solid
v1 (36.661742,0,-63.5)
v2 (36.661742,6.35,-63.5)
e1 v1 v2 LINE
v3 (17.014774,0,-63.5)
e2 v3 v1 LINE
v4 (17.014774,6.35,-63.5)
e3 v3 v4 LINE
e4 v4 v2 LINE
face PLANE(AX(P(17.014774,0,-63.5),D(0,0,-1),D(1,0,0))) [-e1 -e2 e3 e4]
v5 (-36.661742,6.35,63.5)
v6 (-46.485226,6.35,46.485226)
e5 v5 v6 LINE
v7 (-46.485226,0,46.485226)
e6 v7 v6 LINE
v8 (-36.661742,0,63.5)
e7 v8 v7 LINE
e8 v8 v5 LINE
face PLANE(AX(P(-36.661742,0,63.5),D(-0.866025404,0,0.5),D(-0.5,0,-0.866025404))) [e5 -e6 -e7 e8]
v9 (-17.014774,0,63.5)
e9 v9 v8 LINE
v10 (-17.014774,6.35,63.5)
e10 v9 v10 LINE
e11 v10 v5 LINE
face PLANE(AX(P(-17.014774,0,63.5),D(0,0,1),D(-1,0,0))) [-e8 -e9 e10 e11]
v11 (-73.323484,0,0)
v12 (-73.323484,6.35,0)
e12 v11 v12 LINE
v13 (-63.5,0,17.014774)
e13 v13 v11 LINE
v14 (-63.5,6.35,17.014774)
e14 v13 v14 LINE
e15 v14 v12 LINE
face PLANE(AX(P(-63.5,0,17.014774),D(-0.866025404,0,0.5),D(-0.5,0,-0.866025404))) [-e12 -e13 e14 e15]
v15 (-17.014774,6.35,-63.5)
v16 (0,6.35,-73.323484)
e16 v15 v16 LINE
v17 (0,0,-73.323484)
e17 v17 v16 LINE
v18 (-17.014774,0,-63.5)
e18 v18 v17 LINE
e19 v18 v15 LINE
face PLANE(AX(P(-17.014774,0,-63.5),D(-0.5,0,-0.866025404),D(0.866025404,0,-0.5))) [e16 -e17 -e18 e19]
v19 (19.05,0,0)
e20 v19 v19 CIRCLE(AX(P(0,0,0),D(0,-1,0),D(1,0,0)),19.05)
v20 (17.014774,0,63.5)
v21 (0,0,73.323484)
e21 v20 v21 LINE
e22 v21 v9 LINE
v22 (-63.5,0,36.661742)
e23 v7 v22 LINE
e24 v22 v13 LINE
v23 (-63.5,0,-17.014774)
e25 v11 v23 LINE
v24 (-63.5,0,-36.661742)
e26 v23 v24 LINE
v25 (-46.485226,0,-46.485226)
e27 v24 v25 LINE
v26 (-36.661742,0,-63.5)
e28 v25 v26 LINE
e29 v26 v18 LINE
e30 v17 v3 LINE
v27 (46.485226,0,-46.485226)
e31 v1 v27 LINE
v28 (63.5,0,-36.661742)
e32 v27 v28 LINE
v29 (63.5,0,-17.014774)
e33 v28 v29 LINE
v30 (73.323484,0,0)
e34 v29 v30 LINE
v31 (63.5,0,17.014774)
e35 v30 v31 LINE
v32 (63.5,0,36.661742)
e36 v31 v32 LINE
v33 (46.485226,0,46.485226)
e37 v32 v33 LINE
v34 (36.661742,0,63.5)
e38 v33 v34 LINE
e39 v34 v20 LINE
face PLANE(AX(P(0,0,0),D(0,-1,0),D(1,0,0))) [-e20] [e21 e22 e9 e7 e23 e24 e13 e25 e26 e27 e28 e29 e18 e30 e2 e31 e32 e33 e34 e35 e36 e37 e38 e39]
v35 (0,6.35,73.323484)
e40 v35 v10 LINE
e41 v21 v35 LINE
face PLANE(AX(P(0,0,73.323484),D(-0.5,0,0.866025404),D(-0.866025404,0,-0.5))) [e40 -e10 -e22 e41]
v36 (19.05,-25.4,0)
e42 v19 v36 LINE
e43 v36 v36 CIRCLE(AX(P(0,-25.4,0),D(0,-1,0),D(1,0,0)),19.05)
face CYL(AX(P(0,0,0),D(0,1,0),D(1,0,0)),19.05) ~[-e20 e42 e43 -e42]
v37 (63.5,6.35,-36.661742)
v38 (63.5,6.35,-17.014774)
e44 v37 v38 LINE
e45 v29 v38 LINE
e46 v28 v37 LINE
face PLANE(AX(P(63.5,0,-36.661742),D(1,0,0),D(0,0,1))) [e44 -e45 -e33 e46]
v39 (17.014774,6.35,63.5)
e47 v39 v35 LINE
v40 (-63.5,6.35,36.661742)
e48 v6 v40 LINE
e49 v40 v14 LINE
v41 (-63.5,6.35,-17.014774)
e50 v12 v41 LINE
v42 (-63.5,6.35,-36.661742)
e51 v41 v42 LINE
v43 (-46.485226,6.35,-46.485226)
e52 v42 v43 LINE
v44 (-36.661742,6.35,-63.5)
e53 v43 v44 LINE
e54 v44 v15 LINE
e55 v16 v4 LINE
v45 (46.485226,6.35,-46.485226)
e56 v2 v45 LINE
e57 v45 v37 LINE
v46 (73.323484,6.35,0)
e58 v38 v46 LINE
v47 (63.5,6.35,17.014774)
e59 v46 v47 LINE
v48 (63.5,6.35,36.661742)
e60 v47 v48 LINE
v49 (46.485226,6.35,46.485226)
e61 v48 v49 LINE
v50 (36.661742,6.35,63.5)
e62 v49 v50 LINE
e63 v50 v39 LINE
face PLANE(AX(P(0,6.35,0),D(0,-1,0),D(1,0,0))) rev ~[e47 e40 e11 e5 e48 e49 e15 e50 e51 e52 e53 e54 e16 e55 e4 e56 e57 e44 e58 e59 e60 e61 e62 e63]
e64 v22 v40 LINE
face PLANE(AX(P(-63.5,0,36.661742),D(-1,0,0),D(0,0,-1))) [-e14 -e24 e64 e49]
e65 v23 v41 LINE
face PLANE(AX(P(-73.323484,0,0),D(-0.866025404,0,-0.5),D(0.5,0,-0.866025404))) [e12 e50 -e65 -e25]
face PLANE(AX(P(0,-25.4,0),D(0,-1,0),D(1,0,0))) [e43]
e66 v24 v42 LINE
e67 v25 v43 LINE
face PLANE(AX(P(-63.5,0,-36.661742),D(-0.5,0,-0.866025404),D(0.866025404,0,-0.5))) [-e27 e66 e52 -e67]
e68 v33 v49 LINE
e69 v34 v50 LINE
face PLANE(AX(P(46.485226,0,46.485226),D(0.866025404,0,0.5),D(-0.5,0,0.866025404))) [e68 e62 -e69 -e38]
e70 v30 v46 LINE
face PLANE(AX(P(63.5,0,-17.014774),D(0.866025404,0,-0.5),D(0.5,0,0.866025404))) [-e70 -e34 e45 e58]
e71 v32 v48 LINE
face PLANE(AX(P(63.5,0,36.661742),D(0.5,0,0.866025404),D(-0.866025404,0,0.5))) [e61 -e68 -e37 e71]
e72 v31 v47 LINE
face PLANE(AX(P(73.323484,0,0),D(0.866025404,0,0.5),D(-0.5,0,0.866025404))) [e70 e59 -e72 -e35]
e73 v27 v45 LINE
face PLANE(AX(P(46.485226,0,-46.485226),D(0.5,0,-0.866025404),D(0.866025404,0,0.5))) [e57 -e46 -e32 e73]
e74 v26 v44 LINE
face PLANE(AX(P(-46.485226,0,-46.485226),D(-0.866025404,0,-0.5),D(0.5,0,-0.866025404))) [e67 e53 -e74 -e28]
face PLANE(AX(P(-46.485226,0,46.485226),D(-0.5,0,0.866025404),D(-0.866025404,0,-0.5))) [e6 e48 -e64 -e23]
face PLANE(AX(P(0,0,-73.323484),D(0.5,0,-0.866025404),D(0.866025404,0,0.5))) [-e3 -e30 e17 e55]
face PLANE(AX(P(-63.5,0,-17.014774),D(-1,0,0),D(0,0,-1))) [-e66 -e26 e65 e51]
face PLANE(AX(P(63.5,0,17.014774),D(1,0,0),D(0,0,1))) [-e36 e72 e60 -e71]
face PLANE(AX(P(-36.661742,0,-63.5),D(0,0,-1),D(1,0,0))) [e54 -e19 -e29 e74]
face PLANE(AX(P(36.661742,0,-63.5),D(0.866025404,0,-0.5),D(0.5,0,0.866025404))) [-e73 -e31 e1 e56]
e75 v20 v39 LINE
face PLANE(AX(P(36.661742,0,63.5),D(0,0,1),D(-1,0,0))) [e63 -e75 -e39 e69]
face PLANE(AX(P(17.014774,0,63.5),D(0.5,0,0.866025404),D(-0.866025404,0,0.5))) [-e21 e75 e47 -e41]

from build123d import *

# Parameters (mm, degrees)
F0_R     = 19.05
F1_DEPTH = 6.35
F2_DEPTH = 25.4


with BuildPart() as f1:
    # F0 (on Front) → F1 (new body)
    with BuildSketch(Plane.XZ):
        Polygon((17.0147737194, 63.5), (-17.0147737194, 63.5), (-46.4852262806, 46.4852262806), (-63.5, 17.0147737194), (-63.5, -17.0147737194), (-46.4852262806, -46.4852262806), (-17.0147737194, -63.5), (17.0147737194, -63.5), (46.4852262806, -46.4852262806), (63.5, -17.0147737194), (63.5, 17.0147737194), (46.4852262806, 46.4852262806), align=None)
        Circle(F0_R, mode=Mode.SUBTRACT)
        Circle(F0_R)
        Polygon((36.6617420935, 63.5), (17.0147737194, 63.5), (46.4852262806, 46.4852262806), align=None)
        Polygon((36.6617420935, -63.5), (46.4852262806, -46.4852262806), (17.0147737194, -63.5), align=None)
        Polygon((63.5, -36.6617420935), (63.5, -17.0147737194), (46.4852262806, -46.4852262806), align=None)
        Polygon((-17.0147737194, 63.5), (-36.6617420935, 63.5), (-46.4852262806, 46.4852262806), align=None)
        Polygon((73.3234841871, 0), (63.5, 17.0147737194), (63.5, -17.0147737194), align=None)
        Polygon((63.5, 36.6617420935), (46.4852262806, 46.4852262806), (63.5, 17.0147737194), align=None)
        Polygon((17.0147737194, -63.5), (-17.0147737194, -63.5), (0, -73.3234841871), align=None)
        Polygon((-17.0147737194, -63.5), (-46.4852262806, -46.4852262806), (-36.6617420935, -63.5), align=None)
        Polygon((-46.4852262806, -46.4852262806), (-63.5, -17.0147737194), (-63.5, -36.6617420935), align=None)
        Polygon((-63.5, -17.0147737194), (-63.5, 17.0147737194), (-73.3234841871, 0), align=None)
        Polygon((-63.5, 17.0147737194), (-46.4852262806, 46.4852262806), (-63.5, 36.6617420935), align=None)
        Polygon((0, 73.3234841871), (-17.0147737194, 63.5), (17.0147737194, 63.5), align=None)
    extrude(amount=-F1_DEPTH)

    # F0 (on Front) → F2 (join)
    with BuildSketch(Plane.XZ):
        Circle(F0_R)
    extrude(amount=F2_DEPTH)


solid = f1.part
